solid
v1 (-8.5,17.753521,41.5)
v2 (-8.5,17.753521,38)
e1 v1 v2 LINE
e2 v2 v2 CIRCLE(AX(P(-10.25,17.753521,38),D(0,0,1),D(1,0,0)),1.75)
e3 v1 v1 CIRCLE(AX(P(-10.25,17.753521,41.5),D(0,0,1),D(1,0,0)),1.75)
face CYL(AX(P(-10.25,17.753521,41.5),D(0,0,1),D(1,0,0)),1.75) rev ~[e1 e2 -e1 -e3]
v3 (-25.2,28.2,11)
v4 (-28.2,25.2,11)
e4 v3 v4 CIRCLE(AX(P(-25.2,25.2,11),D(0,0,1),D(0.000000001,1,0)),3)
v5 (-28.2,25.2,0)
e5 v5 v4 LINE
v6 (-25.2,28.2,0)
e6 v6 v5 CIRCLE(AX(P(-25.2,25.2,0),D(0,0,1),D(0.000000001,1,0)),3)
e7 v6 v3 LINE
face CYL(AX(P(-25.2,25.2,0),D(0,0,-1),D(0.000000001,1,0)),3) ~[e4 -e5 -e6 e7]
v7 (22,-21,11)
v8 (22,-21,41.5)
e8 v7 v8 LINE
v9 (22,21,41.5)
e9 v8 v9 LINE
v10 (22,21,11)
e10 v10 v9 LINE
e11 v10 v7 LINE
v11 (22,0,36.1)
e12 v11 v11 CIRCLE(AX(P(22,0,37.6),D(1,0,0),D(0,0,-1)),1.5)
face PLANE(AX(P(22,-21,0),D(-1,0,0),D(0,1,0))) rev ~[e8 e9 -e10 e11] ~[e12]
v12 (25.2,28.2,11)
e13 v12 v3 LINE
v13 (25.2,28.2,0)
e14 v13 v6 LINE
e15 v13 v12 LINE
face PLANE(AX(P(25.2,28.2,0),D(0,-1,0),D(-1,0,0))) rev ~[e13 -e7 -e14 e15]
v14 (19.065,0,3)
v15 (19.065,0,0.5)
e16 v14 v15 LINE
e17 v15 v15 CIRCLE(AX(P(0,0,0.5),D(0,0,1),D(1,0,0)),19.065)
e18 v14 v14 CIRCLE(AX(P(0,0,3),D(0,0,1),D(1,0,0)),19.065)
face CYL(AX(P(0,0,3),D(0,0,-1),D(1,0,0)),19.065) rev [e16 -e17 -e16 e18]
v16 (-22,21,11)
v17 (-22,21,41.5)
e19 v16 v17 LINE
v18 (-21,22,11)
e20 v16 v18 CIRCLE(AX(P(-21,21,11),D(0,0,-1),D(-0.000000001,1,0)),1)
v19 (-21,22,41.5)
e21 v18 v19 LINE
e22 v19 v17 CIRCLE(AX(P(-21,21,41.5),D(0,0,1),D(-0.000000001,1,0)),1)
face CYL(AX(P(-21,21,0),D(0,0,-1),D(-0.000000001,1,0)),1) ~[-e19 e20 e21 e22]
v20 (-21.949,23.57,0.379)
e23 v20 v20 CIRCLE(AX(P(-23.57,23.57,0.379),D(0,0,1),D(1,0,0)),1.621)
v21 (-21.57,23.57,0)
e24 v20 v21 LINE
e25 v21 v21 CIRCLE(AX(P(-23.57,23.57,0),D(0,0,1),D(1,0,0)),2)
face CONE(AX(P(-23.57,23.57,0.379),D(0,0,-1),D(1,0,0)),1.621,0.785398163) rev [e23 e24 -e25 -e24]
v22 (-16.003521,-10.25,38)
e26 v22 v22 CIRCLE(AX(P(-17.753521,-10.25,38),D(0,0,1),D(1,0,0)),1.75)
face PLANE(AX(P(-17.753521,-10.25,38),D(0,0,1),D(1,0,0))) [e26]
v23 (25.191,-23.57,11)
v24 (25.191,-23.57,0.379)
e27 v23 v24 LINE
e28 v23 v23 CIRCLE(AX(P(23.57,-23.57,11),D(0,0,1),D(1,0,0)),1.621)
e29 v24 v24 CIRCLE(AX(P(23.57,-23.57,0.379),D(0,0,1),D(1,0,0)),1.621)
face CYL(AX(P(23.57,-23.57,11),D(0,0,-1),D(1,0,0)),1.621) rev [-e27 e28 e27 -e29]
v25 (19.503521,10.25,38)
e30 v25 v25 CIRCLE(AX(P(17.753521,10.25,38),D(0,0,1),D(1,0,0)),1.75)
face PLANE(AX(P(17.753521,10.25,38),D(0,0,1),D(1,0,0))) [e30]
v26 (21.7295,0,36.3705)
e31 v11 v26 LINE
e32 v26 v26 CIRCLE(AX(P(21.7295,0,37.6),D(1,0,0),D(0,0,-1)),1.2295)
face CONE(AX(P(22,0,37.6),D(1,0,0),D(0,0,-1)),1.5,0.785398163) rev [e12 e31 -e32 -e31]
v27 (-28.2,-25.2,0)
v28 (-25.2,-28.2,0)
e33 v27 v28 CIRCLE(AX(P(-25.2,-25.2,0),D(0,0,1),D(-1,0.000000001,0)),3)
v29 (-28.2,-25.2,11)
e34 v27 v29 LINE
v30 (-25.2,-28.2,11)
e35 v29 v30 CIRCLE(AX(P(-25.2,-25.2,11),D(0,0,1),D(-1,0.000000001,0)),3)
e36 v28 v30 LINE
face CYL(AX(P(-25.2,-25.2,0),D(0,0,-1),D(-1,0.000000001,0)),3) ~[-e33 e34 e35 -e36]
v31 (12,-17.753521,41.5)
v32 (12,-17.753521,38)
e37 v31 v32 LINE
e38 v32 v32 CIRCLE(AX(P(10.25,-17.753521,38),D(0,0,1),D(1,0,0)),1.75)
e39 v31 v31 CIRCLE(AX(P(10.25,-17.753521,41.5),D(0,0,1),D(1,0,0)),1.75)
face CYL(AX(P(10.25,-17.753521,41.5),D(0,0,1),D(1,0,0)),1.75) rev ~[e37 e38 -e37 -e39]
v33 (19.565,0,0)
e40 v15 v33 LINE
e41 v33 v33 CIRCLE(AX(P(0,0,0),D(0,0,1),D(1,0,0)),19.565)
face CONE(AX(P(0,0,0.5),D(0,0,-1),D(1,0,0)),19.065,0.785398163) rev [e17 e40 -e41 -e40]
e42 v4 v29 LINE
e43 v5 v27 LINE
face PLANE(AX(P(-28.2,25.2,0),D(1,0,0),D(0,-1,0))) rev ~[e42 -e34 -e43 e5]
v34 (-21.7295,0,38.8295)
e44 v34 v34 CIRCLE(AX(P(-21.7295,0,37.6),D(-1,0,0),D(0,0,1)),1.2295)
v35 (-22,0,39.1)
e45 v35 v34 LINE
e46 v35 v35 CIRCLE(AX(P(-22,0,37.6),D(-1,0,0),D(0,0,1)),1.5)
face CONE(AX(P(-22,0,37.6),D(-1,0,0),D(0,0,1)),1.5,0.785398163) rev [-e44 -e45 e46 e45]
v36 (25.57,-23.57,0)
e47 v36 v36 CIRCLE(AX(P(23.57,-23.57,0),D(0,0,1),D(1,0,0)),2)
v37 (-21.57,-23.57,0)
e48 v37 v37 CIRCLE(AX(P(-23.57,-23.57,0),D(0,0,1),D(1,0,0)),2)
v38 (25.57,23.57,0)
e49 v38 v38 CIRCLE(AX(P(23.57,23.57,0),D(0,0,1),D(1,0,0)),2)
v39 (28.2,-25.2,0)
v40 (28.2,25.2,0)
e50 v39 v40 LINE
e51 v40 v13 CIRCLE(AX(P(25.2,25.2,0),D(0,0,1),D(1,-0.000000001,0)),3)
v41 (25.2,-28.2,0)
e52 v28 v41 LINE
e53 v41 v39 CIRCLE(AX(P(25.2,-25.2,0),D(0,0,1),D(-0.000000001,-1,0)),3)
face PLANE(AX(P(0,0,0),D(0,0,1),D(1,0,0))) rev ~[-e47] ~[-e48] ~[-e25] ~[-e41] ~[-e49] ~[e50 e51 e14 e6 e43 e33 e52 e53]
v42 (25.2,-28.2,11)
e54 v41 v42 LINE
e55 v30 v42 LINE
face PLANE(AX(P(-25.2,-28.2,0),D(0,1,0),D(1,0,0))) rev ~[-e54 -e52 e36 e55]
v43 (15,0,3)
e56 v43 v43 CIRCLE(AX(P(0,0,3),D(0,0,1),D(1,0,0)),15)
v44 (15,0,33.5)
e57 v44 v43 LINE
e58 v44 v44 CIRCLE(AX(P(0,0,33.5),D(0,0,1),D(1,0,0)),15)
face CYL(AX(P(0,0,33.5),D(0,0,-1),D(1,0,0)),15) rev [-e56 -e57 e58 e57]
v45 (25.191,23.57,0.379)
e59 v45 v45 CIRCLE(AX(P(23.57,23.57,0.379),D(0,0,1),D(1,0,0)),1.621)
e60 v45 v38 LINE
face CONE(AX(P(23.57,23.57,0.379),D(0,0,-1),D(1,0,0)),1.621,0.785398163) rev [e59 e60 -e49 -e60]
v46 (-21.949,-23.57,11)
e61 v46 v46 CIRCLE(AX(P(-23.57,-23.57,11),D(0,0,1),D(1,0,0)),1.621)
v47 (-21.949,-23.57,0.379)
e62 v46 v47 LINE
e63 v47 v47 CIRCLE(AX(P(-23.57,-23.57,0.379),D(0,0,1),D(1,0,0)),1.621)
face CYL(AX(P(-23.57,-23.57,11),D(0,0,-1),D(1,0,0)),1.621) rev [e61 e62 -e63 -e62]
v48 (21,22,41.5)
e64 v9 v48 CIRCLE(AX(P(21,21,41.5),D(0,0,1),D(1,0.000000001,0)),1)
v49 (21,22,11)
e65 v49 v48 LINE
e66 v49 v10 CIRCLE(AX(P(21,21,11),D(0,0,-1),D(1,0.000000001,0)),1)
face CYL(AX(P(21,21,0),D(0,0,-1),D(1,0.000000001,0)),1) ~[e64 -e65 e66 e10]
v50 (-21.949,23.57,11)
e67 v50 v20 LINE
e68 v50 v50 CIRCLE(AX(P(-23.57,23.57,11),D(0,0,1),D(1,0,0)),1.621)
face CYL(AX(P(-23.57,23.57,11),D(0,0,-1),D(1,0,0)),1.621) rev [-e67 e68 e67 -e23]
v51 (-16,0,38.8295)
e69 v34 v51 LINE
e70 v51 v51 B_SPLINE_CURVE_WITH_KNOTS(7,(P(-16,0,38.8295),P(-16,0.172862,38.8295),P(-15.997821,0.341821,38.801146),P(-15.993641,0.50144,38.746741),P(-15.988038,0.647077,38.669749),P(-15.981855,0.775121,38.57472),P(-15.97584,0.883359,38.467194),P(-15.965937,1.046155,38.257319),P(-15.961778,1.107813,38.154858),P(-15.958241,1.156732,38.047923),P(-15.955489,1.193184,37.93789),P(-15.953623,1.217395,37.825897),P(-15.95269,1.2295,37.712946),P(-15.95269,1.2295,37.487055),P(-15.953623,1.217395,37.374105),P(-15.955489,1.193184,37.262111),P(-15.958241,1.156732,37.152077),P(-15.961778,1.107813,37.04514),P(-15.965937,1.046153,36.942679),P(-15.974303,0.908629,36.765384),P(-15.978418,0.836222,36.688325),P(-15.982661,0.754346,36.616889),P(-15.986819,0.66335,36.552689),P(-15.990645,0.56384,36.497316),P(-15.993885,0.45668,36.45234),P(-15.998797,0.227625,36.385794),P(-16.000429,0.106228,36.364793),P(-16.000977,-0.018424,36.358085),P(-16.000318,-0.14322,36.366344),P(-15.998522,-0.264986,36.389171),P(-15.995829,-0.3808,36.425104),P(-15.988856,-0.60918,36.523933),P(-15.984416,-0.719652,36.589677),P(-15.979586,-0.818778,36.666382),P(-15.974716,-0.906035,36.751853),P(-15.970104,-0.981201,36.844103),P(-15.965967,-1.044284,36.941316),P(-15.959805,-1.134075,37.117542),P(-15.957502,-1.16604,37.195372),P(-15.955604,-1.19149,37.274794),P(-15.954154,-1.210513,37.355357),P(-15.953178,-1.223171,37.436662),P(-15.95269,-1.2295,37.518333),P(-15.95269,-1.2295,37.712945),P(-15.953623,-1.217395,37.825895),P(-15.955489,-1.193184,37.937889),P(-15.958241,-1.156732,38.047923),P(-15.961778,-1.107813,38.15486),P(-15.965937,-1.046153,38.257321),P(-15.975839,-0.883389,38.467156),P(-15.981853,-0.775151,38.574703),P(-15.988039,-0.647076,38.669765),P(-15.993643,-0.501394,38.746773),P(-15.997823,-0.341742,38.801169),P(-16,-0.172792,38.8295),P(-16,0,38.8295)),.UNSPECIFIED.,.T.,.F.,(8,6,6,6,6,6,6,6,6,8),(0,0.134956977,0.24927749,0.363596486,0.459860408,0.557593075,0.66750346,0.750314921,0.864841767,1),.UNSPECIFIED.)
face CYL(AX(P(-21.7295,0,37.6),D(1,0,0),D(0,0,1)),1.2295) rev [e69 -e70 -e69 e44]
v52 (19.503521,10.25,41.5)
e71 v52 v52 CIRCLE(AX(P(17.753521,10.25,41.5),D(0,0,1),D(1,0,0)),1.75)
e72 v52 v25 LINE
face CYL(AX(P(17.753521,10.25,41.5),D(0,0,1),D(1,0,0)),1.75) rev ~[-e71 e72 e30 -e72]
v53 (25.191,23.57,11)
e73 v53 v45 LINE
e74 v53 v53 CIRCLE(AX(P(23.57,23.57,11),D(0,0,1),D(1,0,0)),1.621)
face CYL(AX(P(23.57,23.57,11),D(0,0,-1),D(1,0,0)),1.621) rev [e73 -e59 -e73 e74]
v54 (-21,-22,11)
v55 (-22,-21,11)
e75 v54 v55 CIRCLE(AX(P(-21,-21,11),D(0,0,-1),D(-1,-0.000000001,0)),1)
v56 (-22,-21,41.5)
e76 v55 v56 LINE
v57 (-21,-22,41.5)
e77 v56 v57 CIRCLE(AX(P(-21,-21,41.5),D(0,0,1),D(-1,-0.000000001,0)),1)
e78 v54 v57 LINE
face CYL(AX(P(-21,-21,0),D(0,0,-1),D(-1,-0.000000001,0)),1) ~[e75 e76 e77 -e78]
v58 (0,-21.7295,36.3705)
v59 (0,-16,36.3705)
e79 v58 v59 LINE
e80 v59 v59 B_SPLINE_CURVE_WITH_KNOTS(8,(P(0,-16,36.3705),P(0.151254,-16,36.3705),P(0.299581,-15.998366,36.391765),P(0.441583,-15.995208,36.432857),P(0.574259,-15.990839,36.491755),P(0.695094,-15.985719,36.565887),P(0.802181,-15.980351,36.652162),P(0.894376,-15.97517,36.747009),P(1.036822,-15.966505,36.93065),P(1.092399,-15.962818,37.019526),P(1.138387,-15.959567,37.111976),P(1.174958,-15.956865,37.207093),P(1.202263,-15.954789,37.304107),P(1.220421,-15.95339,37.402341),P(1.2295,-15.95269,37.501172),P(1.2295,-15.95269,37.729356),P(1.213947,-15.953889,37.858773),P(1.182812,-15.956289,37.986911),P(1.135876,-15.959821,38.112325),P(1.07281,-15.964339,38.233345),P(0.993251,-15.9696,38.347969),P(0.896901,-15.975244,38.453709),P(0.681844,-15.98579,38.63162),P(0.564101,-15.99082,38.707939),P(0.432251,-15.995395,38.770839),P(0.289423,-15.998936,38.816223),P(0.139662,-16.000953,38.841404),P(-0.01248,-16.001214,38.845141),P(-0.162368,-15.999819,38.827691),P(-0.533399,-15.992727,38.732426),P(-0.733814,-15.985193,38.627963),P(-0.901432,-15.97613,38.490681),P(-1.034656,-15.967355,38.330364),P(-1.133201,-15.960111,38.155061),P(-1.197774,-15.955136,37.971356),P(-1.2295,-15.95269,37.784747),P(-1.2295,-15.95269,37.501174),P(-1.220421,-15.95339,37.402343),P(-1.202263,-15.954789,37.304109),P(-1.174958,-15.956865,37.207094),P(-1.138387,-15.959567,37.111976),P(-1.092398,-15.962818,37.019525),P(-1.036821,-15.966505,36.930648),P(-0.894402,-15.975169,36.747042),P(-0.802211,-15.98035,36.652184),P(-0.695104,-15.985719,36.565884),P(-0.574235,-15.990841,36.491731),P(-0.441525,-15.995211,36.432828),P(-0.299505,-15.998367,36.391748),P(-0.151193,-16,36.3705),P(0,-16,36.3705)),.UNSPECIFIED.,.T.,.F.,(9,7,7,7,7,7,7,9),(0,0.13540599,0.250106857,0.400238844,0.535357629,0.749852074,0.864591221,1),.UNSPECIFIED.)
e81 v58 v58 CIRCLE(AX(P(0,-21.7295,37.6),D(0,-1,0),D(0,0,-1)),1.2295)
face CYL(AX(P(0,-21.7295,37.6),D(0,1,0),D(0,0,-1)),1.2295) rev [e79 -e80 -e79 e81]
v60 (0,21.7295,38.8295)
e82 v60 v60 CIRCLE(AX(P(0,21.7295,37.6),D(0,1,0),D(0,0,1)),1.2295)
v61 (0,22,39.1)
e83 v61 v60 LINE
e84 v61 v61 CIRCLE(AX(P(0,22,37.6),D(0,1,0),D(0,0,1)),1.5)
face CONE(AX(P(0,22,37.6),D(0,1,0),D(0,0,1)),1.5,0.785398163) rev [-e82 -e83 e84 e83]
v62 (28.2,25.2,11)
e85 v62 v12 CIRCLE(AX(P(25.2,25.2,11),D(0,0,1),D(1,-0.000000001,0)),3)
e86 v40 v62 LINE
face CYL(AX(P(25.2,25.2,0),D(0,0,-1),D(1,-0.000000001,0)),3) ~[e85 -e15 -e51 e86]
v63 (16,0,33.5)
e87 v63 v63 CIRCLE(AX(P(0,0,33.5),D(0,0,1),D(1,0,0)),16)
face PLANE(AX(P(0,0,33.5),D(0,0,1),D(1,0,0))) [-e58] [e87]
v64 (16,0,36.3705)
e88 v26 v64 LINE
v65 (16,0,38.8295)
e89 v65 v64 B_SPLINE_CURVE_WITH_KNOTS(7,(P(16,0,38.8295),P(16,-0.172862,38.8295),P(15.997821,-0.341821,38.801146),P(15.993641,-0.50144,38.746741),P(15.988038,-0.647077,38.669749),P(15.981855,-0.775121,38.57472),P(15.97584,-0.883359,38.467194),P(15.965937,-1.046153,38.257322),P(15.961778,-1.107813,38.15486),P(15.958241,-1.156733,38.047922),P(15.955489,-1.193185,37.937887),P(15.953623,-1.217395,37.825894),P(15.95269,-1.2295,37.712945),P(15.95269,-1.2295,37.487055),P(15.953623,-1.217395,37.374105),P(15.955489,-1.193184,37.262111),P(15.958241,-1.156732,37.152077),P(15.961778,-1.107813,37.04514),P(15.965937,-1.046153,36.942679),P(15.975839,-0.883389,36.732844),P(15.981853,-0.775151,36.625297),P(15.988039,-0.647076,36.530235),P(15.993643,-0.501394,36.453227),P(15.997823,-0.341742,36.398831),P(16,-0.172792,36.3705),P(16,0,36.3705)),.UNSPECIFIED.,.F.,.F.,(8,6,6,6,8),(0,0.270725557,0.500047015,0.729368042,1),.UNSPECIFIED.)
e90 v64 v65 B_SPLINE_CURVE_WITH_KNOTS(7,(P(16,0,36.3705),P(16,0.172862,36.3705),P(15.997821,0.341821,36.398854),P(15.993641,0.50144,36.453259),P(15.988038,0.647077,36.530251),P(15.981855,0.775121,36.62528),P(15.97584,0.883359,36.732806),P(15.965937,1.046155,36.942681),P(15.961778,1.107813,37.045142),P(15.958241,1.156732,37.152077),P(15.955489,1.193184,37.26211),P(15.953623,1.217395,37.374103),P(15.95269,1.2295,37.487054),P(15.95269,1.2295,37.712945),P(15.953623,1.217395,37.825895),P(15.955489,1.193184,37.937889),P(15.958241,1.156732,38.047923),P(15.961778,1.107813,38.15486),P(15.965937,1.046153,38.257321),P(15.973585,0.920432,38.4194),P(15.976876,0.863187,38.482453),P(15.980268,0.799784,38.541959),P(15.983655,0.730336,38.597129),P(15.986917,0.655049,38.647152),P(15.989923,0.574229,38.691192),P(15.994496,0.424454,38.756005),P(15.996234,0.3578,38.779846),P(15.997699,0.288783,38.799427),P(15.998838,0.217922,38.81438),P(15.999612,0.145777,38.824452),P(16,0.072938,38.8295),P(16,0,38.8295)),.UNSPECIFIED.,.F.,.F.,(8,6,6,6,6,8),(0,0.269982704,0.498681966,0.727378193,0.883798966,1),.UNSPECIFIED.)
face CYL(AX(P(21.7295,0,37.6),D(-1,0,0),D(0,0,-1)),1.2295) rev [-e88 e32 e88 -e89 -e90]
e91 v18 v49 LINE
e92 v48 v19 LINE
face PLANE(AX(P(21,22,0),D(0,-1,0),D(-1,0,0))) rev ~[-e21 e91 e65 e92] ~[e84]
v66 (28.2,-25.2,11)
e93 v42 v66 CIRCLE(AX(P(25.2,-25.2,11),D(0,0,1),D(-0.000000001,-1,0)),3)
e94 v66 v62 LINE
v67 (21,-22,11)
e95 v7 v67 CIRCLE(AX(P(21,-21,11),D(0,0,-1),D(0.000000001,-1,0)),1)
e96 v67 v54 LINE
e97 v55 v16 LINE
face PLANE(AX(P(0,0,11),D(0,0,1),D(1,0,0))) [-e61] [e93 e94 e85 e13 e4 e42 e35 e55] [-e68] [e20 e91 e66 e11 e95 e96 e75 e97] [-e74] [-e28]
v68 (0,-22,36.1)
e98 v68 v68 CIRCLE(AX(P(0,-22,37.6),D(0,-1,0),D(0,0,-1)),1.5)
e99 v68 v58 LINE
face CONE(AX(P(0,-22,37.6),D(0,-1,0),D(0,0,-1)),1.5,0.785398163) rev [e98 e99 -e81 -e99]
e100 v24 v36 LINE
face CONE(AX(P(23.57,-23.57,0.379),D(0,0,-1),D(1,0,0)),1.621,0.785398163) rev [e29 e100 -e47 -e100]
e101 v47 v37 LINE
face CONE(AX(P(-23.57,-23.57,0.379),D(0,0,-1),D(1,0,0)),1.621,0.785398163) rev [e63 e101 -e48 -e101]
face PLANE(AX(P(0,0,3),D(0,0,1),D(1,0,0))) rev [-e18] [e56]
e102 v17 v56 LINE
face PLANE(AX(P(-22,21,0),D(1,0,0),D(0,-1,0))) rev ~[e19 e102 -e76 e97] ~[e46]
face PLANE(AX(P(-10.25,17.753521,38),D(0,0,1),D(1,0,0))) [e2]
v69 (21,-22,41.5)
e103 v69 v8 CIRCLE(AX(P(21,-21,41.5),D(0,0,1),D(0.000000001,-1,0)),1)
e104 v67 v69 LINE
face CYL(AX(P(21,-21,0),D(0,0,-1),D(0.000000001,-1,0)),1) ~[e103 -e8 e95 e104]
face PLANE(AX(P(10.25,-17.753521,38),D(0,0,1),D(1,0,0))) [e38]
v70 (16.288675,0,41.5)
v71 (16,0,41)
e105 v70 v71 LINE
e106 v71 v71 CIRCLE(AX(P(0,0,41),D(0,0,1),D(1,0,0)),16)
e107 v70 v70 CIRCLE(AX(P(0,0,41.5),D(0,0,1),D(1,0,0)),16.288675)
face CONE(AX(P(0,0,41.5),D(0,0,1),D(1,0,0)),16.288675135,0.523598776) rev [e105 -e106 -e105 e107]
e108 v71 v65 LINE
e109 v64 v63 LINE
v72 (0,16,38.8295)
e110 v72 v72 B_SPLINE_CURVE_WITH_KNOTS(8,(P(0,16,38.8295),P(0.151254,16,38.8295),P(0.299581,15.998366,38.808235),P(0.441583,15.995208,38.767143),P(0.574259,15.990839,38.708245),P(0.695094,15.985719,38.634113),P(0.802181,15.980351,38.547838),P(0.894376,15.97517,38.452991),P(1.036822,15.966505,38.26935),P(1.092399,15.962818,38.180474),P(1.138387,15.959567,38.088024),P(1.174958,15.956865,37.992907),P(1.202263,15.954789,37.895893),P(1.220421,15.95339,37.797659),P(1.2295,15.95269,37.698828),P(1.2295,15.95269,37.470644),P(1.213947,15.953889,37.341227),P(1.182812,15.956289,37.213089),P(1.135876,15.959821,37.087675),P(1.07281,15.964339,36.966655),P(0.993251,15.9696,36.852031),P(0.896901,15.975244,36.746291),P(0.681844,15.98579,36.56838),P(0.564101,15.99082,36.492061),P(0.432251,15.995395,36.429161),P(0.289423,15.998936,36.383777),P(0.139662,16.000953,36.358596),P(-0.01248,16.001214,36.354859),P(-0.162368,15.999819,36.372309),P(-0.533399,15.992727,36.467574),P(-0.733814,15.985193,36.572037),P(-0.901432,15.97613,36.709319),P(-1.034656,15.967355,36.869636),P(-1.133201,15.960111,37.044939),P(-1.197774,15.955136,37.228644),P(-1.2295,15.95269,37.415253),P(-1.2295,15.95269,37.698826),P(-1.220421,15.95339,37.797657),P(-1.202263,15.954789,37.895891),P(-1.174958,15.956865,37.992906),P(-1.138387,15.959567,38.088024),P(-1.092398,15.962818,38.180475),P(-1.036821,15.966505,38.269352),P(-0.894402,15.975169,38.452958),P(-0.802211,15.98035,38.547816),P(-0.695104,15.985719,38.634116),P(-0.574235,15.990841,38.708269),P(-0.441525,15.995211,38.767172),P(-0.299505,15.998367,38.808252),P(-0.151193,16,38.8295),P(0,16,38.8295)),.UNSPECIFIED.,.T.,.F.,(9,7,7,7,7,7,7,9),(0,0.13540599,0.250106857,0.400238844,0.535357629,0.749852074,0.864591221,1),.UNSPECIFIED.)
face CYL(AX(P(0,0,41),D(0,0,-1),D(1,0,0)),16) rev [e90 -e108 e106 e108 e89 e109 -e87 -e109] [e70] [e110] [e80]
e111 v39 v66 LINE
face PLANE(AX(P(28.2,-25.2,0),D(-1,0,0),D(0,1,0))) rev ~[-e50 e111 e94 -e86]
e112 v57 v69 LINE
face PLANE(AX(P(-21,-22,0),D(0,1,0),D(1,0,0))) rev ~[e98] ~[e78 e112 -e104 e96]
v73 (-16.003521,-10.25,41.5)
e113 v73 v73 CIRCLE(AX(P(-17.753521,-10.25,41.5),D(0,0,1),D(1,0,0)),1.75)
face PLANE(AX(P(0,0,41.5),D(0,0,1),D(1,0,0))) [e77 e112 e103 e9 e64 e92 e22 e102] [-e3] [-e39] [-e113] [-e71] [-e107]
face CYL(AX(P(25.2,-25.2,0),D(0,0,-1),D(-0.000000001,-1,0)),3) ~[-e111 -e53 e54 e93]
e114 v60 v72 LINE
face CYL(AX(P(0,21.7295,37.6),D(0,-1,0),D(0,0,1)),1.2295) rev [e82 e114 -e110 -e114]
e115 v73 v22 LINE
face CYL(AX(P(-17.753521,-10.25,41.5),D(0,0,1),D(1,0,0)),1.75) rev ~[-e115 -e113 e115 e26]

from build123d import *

# Parameters (mm, degrees)
BOSS_EXTRUDE1_DEPTH  = 11
BOSS_EXTRUDE2_DEPTH  = 41.5
SKETCH4_R            = 1.75
CUT_EXTRUDE1_DEPTH   = 3.5
LPATTERN1_COUNT      = 2
LPATTERN1_PITCH      = 28.991378029
LPATTERN1_COUNT_DIR2 = 2
LPATTERN1_PITCH_DIR2 = 28.991378029
LPATTERN2_COUNT      = 2
LPATTERN2_PITCH      = 47.14
LPATTERN2_COUNT_DIR2 = 2
LPATTERN2_PITCH_DIR2 = 47.14


with BuildPart() as part:
    # Sketch1 → Boss-Extrude1 (new body)
    with BuildSketch(Plane.XY):
        with BuildLine():
            Line((-25.2, -28.2), (25.2, -28.2))
            ThreePointArc((25.2, -28.2), (27.321320344, -27.321320344), (28.2, -25.2))
            Line((28.2, -25.2), (28.2, 25.2))
            ThreePointArc((28.2, 25.2), (27.321320344, 27.321320344), (25.2, 28.2))
            Line((25.2, 28.2), (-25.2, 28.2))
            ThreePointArc((-25.2, 28.2), (-27.321320344, 27.321320344), (-28.2, 25.2))
            Line((-28.2, 25.2), (-28.2, -25.2))
            ThreePointArc((-28.2, -25.2), (-27.321320344, -27.321320344), (-25.2, -28.2))
        make_face()
    extrude(amount=BOSS_EXTRUDE1_DEPTH)

    # Sketch2 → Boss-Extrude2 (add)
    with BuildSketch(Plane.XY):
        with BuildLine():
            Line((-21, -22), (21, -22))
            ThreePointArc((21, -22), (21.707106781, -21.707106781), (22, -21))
            Line((22, -21), (22, 21))
            ThreePointArc((22, 21), (21.707106781, 21.707106781), (21, 22))
            Line((21, 22), (-21, 22))
            ThreePointArc((-21, 22), (-21.707106781, 21.707106781), (-22, 21))
            Line((-22, 21), (-22, -21))
            ThreePointArc((-22, -21), (-21.707106781, -21.707106781), (-21, -22))
        make_face()
    extrude(amount=BOSS_EXTRUDE2_DEPTH)

    # Sketch3 → Cut-Revolve1 (revolve, cut)
    with BuildSketch(Plane(origin=(0, 0, 0), x_dir=(0, 0, -1), z_dir=(1, 0, 0))):
        Polygon((-41.5, 0), (-41.5, 16.288675135), (-41, 16), (-33.5, 16), (-33.5, 15), (-3, 15), (-3, 19.065), (-0.5, 19.065), (0, 19.565), (0, 0), align=None)
    revolve(axis=Axis((0, 0, 0), (0, 0, 1)), mode=Mode.SUBTRACT)

    # Sketch4 → Cut-Extrude1 (cut)
    with BuildSketch(Plane.XY.offset(41.5)):
        with Locations((17.753520778, 10.25)):
            Circle(SKETCH4_R)
    cut_extrude1 = extrude(amount=-CUT_EXTRUDE1_DEPTH, mode=Mode.SUBTRACT)

    # LPattern1: Cut-Extrude1 2 × 2
    with Locations(*[Vector(-0.9659258262890682, 0.2588190451025211, 0) * (i * LPATTERN1_PITCH) + Vector(-0.2588190451025206, -0.9659258262890683, 0) * (j * LPATTERN1_PITCH_DIR2) for i in range(LPATTERN1_COUNT) for j in range(LPATTERN1_COUNT_DIR2) if (i, j) != (0, 0)]):
        add(cut_extrude1, mode=Mode.SUBTRACT)

    # Sketch6 → Cut-Revolve2 (revolve, cut)
    with BuildSketch(Plane(origin=(23.57, 0, 0), x_dir=(0, 0, -1), z_dir=(1, 0, 0))):
        Polygon((-11.935884786, 23.57), (-11, 25.191), (-0.379, 25.191), (0, 25.57), (0, 23.57), align=None)
    cut_revolve2 = revolve(axis=Axis((23.57, 23.57, 0), (0, 0, 1)), mode=Mode.SUBTRACT)

    # LPattern2: Cut-Revolve2 2 × 2
    with Locations(*[(-i * LPATTERN2_PITCH, -j * LPATTERN2_PITCH_DIR2, 0) for i in range(LPATTERN2_COUNT) for j in range(LPATTERN2_COUNT_DIR2) if (i, j) != (0, 0)]):
        add(cut_revolve2, mode=Mode.SUBTRACT)

    # Sketch8 → Cut-Revolve3 (revolve, cut)
    with BuildSketch(Plane.XY.offset(37.6)):
        Polygon((-22, 0), (-22, 1.5), (-21.7295, 1.2295), (-15.8, 1.2295), (-15.8, 0), align=None)
    revolve(axis=Axis((-15.8, 0, 37.6), (-1, 0, 0)), mode=Mode.SUBTRACT)

    # Sketch9 → Cut-Revolve4 (revolve, cut)
    with BuildSketch(Plane.XY.offset(37.6)):
        Polygon((0, -22), (-1.5, -22), (-1.2295, -21.7295), (-1.2295, -15.8), (0, -15.8), align=None)
    revolve(axis=Axis((0, -15.8, 37.6), (0, -1, 0)), mode=Mode.SUBTRACT)

    # Sketch10 → Cut-Revolve5 (revolve, cut)
    with BuildSketch(Plane.XY.offset(37.6)):
        Polygon((22, 0), (22, -1.5), (21.7295, -1.2295), (15.8, -1.2295), (15.8, 0), align=None)
    revolve(axis=Axis((15.8, 0, 37.6), (1, 0, 0)), mode=Mode.SUBTRACT)

    # Sketch11 → Cut-Revolve6 (revolve, cut)
    with BuildSketch(Plane.XY.offset(37.6)):
        Polygon((0, 22), (1.5, 22), (1.2295, 21.7295), (1.2295, 15.8), (0, 15.8), align=None)
    revolve(axis=Axis((0, 15.8, 37.6), (0, 1, 0)), mode=Mode.SUBTRACT)


solid = part.part
